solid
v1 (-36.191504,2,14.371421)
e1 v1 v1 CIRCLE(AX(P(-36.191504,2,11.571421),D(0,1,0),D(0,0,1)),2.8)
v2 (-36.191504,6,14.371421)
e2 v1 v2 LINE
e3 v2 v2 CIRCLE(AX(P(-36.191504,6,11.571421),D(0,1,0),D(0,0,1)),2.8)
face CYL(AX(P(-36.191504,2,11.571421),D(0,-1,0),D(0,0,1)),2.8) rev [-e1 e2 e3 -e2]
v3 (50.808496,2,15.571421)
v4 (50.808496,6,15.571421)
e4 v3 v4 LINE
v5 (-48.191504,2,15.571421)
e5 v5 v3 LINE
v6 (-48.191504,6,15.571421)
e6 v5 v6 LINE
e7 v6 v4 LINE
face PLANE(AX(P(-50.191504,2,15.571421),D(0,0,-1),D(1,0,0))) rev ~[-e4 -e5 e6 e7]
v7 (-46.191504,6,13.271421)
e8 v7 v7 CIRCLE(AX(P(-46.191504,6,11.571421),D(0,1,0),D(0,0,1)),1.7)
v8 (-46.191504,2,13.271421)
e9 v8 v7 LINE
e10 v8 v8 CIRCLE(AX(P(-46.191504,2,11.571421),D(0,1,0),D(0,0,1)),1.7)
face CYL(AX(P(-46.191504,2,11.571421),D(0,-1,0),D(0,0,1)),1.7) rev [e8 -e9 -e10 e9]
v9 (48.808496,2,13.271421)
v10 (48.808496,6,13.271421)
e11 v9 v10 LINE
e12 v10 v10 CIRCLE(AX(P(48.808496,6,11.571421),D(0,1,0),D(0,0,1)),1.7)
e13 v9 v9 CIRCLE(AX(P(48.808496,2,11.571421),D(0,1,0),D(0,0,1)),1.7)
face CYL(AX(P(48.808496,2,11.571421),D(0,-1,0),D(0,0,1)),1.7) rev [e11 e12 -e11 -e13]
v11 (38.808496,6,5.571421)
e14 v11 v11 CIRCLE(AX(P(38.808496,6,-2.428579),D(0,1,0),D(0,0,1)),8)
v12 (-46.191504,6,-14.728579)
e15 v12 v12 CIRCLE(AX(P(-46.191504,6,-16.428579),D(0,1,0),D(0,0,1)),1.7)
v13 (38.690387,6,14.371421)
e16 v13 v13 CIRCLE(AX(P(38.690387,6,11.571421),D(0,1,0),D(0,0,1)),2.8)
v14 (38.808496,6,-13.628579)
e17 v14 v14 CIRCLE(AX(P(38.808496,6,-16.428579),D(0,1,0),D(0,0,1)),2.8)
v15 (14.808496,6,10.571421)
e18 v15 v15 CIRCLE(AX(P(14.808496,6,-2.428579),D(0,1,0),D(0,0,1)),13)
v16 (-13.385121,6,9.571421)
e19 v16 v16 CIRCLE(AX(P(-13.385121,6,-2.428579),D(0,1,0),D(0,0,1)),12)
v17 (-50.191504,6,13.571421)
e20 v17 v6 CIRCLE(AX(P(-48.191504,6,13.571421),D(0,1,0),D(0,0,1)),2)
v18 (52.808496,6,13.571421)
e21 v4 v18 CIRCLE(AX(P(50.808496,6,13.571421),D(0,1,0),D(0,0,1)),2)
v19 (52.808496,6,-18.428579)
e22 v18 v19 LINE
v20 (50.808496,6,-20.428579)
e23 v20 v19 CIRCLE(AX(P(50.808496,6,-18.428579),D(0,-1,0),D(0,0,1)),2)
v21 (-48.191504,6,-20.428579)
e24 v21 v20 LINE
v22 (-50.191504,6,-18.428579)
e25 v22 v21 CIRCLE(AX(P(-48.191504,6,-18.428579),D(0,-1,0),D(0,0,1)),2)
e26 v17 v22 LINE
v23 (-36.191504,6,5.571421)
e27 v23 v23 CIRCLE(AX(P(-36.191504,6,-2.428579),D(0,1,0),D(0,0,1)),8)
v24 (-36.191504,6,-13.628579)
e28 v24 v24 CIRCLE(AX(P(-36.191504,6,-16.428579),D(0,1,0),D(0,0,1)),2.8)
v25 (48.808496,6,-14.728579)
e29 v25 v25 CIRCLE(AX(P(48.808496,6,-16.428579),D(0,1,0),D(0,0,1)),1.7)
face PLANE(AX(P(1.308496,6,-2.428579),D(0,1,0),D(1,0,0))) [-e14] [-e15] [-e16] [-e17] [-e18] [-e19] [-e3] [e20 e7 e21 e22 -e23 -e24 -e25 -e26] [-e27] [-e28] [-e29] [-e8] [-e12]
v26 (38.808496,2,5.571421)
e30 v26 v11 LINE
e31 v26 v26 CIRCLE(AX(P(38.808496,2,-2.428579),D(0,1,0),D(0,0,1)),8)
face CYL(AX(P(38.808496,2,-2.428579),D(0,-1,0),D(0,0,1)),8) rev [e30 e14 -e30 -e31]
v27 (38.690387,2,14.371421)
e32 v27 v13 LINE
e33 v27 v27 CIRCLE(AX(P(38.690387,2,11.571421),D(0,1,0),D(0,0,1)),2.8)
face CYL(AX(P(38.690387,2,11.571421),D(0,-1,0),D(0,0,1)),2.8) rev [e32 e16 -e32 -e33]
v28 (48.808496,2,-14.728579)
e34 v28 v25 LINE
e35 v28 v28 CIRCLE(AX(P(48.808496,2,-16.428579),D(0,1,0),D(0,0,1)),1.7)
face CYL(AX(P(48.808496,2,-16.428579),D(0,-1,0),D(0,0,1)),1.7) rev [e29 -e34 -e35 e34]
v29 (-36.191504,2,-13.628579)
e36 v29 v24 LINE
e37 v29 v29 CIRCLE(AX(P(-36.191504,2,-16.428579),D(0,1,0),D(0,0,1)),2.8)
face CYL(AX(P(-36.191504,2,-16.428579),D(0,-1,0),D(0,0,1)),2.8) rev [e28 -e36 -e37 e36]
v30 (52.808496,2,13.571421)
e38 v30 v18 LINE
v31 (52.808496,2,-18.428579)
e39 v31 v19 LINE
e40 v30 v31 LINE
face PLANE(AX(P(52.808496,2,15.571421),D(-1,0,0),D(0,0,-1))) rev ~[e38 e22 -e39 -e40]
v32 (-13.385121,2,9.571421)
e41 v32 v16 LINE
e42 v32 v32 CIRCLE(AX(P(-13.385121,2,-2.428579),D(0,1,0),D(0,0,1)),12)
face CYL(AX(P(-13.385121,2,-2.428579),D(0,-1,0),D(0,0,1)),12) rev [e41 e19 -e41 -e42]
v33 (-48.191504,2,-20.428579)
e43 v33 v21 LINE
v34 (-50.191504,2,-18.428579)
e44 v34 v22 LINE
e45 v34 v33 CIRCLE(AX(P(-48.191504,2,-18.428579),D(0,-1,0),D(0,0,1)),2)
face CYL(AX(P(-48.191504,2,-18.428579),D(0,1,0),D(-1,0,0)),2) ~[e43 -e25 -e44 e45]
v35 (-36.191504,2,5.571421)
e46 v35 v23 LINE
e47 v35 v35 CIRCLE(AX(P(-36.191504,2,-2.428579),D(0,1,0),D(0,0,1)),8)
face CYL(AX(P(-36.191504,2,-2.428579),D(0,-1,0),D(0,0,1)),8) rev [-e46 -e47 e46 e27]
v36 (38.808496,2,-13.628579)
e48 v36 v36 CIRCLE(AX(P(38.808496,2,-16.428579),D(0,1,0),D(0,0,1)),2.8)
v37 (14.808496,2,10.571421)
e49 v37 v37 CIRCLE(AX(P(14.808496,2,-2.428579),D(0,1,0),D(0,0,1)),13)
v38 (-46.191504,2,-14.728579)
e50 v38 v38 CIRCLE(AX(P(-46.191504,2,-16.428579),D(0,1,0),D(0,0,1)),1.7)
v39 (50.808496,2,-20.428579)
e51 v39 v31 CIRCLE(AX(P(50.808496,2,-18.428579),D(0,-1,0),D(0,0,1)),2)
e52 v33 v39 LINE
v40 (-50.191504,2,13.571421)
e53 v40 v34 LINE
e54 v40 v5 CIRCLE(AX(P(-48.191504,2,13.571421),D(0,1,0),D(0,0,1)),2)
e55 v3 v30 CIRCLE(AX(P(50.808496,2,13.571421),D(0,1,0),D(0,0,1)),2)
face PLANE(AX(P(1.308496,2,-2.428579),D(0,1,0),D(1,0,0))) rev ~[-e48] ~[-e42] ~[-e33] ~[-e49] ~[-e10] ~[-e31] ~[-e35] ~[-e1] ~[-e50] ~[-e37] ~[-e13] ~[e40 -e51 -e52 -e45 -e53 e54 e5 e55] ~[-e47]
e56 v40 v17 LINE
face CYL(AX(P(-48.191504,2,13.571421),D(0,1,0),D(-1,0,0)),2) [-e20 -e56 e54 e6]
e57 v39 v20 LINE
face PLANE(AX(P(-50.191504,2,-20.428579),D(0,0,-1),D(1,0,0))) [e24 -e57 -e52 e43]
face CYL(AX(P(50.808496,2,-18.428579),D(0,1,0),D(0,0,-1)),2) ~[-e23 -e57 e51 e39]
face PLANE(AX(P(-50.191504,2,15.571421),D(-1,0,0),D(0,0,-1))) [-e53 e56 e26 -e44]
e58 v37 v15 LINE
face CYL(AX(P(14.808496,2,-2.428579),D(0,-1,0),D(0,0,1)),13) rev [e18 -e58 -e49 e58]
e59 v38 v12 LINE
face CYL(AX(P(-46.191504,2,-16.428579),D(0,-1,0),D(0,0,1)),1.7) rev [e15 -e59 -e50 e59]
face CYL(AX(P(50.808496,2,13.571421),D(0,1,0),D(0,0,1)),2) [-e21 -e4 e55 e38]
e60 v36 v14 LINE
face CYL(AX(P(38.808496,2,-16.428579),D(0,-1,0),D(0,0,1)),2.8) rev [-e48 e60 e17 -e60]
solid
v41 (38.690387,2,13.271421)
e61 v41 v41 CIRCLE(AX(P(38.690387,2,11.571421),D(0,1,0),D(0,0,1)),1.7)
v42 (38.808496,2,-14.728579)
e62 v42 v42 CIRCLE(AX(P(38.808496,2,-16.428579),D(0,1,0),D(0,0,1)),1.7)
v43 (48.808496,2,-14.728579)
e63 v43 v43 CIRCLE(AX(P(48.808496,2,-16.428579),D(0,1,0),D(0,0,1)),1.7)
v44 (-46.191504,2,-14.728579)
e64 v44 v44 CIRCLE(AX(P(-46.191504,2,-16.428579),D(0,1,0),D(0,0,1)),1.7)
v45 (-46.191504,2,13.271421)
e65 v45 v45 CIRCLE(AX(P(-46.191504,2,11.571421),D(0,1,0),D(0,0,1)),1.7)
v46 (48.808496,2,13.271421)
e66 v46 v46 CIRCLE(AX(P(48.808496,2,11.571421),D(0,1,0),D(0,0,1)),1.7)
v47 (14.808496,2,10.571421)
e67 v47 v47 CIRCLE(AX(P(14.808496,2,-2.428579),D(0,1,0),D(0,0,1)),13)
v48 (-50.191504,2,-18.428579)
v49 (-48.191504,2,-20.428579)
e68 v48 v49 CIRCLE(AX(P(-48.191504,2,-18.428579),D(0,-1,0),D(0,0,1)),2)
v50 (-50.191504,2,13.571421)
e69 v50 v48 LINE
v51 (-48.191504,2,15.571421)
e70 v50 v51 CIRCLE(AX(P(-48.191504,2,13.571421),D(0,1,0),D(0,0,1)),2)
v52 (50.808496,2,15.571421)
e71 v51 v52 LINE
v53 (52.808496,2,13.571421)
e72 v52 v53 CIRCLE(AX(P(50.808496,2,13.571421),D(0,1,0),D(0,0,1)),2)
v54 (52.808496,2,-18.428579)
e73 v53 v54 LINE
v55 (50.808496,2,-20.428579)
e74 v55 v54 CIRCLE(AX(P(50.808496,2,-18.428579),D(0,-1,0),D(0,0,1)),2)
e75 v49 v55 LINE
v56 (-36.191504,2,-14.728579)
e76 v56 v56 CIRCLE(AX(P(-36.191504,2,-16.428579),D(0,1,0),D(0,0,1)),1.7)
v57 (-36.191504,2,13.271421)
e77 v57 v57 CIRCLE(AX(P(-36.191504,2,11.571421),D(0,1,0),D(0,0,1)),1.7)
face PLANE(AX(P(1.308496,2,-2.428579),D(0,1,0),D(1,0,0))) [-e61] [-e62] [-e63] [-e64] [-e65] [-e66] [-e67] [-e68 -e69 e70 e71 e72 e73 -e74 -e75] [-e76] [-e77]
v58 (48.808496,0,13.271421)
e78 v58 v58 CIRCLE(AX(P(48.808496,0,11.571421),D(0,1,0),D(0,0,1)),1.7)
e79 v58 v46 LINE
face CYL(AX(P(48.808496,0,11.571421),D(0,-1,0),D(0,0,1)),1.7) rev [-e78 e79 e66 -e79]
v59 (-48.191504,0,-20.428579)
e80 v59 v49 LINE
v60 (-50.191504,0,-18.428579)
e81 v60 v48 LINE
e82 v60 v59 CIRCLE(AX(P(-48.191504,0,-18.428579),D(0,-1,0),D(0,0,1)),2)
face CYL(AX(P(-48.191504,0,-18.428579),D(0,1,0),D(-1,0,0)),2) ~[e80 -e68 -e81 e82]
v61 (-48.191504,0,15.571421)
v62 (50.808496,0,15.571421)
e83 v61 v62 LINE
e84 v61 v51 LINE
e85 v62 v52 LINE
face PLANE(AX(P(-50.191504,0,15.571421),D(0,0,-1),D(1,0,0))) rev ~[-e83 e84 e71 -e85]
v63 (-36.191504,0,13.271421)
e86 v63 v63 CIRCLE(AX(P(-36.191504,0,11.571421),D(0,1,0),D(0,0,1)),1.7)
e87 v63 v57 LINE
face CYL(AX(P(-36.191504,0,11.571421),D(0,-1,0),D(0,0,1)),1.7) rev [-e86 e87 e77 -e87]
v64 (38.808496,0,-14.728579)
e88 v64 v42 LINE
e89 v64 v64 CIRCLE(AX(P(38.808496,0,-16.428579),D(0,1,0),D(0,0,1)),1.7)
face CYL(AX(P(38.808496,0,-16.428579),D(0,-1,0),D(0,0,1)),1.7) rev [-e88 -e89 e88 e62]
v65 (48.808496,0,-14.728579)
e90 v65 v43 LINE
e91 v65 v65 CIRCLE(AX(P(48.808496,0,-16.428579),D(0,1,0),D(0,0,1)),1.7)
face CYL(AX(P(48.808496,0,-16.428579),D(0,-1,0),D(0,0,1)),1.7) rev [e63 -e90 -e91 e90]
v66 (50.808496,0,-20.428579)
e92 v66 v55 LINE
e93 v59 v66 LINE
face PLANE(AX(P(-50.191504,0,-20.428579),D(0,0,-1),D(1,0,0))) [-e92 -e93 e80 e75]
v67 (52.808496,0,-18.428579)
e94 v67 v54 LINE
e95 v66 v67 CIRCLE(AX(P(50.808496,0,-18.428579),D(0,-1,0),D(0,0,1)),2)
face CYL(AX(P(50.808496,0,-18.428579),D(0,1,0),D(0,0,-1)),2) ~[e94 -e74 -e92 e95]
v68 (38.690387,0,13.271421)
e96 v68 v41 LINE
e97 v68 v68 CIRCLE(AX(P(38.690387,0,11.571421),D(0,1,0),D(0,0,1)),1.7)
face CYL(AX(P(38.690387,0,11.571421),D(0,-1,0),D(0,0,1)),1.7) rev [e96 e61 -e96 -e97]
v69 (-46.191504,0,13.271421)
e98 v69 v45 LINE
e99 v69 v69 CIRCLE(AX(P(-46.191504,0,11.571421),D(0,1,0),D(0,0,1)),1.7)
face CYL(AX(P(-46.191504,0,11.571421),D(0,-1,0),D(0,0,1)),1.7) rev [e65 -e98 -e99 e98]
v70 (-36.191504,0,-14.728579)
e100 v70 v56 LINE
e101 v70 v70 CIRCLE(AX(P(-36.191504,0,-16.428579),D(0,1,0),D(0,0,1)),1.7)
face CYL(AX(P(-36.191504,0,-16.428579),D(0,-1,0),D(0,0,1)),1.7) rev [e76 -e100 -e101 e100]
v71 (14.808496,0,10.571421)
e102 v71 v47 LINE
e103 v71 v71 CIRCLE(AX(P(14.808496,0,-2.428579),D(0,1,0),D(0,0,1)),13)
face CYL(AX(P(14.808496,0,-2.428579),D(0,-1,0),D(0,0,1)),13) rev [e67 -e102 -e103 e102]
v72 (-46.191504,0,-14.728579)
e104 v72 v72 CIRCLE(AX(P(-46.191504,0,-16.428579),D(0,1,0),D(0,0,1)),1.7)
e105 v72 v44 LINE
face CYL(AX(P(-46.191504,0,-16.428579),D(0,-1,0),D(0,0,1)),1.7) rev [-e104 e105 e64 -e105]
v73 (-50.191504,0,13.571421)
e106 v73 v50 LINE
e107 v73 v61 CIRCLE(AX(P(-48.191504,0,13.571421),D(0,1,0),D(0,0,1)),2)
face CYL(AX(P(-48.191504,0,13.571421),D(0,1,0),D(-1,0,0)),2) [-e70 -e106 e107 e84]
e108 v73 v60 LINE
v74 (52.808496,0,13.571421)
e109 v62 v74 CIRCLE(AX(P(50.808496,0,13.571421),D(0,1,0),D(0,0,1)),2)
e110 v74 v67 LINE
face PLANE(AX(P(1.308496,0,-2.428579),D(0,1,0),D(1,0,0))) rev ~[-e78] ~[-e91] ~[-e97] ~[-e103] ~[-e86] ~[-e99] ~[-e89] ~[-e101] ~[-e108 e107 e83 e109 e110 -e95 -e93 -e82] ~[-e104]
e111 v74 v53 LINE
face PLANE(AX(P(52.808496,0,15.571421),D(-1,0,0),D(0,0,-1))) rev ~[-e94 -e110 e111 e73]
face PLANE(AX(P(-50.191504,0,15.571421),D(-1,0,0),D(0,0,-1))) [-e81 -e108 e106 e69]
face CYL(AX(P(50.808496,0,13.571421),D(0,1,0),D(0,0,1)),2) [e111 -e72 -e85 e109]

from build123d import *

# Parameters (mm, degrees)
SKETCH2_W           = 103
SKETCH2_H           = 36
SKETCH2_R           = 1.7
SKETCH2_R_2         = 13
BOSS_EXTRUDE1_DEPTH = 2
FILLET1_R           = 2
SKETCH6_W           = 103
SKETCH6_H           = 36
SKETCH6_R           = 1.7
SKETCH6_R_2         = 13
SKETCH6_R_3         = 2.8
SKETCH6_R_4         = 8
SKETCH6_R_5         = 12
BOSS_EXTRUDE3_DEPTH = 4
FILLET2_R           = 2


with BuildPart() as part:
    # Sketch2 → Boss-Extrude1 (new body)
    with BuildSketch(Plane(origin=(0, 0, 0), x_dir=(1, 0, 0), z_dir=(0, 1, 0))):
        with Locations((1.308496413, 2.428579377)):
            Rectangle(SKETCH2_W, SKETCH2_H)
        with Locations(Location((-46.191503587, 16.428579377, 0), (0, 0, 270))):
            Circle(SKETCH2_R, mode=Mode.SUBTRACT)
        with Locations(Location((-46.191503587, -11.571420623, 0), (0, 0, 270))):
            Circle(SKETCH2_R, mode=Mode.SUBTRACT)
        with Locations(Location((48.808496413, 16.428579377, 0), (0, 0, 270))):
            Circle(SKETCH2_R, mode=Mode.SUBTRACT)
        with Locations(Location((48.808496413, -11.571420623, 0), (0, 0, 270))):
            Circle(SKETCH2_R, mode=Mode.SUBTRACT)
        with Locations(Location((14.808496413, 2.428579377, 0), (0, 0, 270))):
            Circle(SKETCH2_R_2, mode=Mode.SUBTRACT)
        with Locations(Location((-36.191503587, 16.428579377, 0), (0, 0, 270))):
            Circle(SKETCH2_R, mode=Mode.SUBTRACT)
        with Locations(Location((-36.191503587, -11.571420623, 0), (0, 0, 270))):
            Circle(SKETCH2_R, mode=Mode.SUBTRACT)
        with Locations(Location((38.808496413, 16.428579377, 0), (0, 0, 270))):
            Circle(SKETCH2_R, mode=Mode.SUBTRACT)
        with Locations(Location((38.690387475, -11.571420623, 0), (0, 0, 270))):
            Circle(SKETCH2_R, mode=Mode.SUBTRACT)
    extrude(amount=BOSS_EXTRUDE1_DEPTH)

    # Fillet1
    fillet1_edges = [part.edges().sort_by_distance(p)[0] for p in [
        (-50.191503587, 1, -20.428579377),
        (52.808496413, 1, -20.428579377),
        (52.808496413, 1, 15.571420623),
        (-50.191503587, 1, 15.571420623),
    ]]
    fillet(fillet1_edges, radius=FILLET1_R)


with BuildPart() as body_2:
    # Sketch6 → Boss-Extrude3 (new body)
    with BuildSketch(Plane(origin=(0, 2, 0), x_dir=(1, 0, 0), z_dir=(0, 1, 0))):
        with Locations((1.308496413, 2.428579377)):
            Rectangle(SKETCH6_W, SKETCH6_H)
        with Locations(Location((-46.191503587, 16.428579377, 0), (0, 0, 270))):
            Circle(SKETCH6_R, mode=Mode.SUBTRACT)
        with Locations(Location((-46.191503587, -11.571420623, 0), (0, 0, 270))):
            Circle(SKETCH6_R, mode=Mode.SUBTRACT)
        with Locations(Location((48.808496413, 16.428579377, 0), (0, 0, 270))):
            Circle(SKETCH6_R, mode=Mode.SUBTRACT)
        with Locations(Location((48.808496413, -11.571420623, 0), (0, 0, 270))):
            Circle(SKETCH6_R, mode=Mode.SUBTRACT)
        with Locations(Location((14.808496413, 2.428579377, 0), (0, 0, 270))):
            Circle(SKETCH6_R_2, mode=Mode.SUBTRACT)
        with Locations(Location((-36.191503587, 16.428579377, 0), (0, 0, 270))):
            Circle(SKETCH6_R_3, mode=Mode.SUBTRACT)
        with Locations(Location((-36.191503587, -11.571420623, 0), (0, 0, 270))):
            Circle(SKETCH6_R_3, mode=Mode.SUBTRACT)
        with Locations(Location((38.808496413, 16.428579377, 0), (0, 0, 270))):
            Circle(SKETCH6_R_3, mode=Mode.SUBTRACT)
        with Locations(Location((38.690387475, -11.571420623, 0), (0, 0, 270))):
            Circle(SKETCH6_R_3, mode=Mode.SUBTRACT)
        with Locations(Location((-36.191503587, 2.428579377, 0), (0, 0, 270))):
            Circle(SKETCH6_R_4, mode=Mode.SUBTRACT)
        with Locations(Location((-13.385120941, 2.428579377, 0), (0, 0, 270))):
            Circle(SKETCH6_R_5, mode=Mode.SUBTRACT)
        with Locations(Location((38.808496413, 2.428579377, 0), (0, 0, 270))):
            Circle(SKETCH6_R_4, mode=Mode.SUBTRACT)
    extrude(amount=BOSS_EXTRUDE3_DEPTH)

    # Fillet2
    fillet2_edges = [body_2.edges().sort_by_distance(p)[0] for p in [
        (-50.191503587, 4, -20.428579377),
        (52.808496413, 4, -20.428579377),
        (52.808496413, 4, 15.571420623),
        (-50.191503587, 4, 15.571420623),
    ]]
    fillet(fillet2_edges, radius=FILLET2_R)


solid = Compound([part.part, body_2.part])
